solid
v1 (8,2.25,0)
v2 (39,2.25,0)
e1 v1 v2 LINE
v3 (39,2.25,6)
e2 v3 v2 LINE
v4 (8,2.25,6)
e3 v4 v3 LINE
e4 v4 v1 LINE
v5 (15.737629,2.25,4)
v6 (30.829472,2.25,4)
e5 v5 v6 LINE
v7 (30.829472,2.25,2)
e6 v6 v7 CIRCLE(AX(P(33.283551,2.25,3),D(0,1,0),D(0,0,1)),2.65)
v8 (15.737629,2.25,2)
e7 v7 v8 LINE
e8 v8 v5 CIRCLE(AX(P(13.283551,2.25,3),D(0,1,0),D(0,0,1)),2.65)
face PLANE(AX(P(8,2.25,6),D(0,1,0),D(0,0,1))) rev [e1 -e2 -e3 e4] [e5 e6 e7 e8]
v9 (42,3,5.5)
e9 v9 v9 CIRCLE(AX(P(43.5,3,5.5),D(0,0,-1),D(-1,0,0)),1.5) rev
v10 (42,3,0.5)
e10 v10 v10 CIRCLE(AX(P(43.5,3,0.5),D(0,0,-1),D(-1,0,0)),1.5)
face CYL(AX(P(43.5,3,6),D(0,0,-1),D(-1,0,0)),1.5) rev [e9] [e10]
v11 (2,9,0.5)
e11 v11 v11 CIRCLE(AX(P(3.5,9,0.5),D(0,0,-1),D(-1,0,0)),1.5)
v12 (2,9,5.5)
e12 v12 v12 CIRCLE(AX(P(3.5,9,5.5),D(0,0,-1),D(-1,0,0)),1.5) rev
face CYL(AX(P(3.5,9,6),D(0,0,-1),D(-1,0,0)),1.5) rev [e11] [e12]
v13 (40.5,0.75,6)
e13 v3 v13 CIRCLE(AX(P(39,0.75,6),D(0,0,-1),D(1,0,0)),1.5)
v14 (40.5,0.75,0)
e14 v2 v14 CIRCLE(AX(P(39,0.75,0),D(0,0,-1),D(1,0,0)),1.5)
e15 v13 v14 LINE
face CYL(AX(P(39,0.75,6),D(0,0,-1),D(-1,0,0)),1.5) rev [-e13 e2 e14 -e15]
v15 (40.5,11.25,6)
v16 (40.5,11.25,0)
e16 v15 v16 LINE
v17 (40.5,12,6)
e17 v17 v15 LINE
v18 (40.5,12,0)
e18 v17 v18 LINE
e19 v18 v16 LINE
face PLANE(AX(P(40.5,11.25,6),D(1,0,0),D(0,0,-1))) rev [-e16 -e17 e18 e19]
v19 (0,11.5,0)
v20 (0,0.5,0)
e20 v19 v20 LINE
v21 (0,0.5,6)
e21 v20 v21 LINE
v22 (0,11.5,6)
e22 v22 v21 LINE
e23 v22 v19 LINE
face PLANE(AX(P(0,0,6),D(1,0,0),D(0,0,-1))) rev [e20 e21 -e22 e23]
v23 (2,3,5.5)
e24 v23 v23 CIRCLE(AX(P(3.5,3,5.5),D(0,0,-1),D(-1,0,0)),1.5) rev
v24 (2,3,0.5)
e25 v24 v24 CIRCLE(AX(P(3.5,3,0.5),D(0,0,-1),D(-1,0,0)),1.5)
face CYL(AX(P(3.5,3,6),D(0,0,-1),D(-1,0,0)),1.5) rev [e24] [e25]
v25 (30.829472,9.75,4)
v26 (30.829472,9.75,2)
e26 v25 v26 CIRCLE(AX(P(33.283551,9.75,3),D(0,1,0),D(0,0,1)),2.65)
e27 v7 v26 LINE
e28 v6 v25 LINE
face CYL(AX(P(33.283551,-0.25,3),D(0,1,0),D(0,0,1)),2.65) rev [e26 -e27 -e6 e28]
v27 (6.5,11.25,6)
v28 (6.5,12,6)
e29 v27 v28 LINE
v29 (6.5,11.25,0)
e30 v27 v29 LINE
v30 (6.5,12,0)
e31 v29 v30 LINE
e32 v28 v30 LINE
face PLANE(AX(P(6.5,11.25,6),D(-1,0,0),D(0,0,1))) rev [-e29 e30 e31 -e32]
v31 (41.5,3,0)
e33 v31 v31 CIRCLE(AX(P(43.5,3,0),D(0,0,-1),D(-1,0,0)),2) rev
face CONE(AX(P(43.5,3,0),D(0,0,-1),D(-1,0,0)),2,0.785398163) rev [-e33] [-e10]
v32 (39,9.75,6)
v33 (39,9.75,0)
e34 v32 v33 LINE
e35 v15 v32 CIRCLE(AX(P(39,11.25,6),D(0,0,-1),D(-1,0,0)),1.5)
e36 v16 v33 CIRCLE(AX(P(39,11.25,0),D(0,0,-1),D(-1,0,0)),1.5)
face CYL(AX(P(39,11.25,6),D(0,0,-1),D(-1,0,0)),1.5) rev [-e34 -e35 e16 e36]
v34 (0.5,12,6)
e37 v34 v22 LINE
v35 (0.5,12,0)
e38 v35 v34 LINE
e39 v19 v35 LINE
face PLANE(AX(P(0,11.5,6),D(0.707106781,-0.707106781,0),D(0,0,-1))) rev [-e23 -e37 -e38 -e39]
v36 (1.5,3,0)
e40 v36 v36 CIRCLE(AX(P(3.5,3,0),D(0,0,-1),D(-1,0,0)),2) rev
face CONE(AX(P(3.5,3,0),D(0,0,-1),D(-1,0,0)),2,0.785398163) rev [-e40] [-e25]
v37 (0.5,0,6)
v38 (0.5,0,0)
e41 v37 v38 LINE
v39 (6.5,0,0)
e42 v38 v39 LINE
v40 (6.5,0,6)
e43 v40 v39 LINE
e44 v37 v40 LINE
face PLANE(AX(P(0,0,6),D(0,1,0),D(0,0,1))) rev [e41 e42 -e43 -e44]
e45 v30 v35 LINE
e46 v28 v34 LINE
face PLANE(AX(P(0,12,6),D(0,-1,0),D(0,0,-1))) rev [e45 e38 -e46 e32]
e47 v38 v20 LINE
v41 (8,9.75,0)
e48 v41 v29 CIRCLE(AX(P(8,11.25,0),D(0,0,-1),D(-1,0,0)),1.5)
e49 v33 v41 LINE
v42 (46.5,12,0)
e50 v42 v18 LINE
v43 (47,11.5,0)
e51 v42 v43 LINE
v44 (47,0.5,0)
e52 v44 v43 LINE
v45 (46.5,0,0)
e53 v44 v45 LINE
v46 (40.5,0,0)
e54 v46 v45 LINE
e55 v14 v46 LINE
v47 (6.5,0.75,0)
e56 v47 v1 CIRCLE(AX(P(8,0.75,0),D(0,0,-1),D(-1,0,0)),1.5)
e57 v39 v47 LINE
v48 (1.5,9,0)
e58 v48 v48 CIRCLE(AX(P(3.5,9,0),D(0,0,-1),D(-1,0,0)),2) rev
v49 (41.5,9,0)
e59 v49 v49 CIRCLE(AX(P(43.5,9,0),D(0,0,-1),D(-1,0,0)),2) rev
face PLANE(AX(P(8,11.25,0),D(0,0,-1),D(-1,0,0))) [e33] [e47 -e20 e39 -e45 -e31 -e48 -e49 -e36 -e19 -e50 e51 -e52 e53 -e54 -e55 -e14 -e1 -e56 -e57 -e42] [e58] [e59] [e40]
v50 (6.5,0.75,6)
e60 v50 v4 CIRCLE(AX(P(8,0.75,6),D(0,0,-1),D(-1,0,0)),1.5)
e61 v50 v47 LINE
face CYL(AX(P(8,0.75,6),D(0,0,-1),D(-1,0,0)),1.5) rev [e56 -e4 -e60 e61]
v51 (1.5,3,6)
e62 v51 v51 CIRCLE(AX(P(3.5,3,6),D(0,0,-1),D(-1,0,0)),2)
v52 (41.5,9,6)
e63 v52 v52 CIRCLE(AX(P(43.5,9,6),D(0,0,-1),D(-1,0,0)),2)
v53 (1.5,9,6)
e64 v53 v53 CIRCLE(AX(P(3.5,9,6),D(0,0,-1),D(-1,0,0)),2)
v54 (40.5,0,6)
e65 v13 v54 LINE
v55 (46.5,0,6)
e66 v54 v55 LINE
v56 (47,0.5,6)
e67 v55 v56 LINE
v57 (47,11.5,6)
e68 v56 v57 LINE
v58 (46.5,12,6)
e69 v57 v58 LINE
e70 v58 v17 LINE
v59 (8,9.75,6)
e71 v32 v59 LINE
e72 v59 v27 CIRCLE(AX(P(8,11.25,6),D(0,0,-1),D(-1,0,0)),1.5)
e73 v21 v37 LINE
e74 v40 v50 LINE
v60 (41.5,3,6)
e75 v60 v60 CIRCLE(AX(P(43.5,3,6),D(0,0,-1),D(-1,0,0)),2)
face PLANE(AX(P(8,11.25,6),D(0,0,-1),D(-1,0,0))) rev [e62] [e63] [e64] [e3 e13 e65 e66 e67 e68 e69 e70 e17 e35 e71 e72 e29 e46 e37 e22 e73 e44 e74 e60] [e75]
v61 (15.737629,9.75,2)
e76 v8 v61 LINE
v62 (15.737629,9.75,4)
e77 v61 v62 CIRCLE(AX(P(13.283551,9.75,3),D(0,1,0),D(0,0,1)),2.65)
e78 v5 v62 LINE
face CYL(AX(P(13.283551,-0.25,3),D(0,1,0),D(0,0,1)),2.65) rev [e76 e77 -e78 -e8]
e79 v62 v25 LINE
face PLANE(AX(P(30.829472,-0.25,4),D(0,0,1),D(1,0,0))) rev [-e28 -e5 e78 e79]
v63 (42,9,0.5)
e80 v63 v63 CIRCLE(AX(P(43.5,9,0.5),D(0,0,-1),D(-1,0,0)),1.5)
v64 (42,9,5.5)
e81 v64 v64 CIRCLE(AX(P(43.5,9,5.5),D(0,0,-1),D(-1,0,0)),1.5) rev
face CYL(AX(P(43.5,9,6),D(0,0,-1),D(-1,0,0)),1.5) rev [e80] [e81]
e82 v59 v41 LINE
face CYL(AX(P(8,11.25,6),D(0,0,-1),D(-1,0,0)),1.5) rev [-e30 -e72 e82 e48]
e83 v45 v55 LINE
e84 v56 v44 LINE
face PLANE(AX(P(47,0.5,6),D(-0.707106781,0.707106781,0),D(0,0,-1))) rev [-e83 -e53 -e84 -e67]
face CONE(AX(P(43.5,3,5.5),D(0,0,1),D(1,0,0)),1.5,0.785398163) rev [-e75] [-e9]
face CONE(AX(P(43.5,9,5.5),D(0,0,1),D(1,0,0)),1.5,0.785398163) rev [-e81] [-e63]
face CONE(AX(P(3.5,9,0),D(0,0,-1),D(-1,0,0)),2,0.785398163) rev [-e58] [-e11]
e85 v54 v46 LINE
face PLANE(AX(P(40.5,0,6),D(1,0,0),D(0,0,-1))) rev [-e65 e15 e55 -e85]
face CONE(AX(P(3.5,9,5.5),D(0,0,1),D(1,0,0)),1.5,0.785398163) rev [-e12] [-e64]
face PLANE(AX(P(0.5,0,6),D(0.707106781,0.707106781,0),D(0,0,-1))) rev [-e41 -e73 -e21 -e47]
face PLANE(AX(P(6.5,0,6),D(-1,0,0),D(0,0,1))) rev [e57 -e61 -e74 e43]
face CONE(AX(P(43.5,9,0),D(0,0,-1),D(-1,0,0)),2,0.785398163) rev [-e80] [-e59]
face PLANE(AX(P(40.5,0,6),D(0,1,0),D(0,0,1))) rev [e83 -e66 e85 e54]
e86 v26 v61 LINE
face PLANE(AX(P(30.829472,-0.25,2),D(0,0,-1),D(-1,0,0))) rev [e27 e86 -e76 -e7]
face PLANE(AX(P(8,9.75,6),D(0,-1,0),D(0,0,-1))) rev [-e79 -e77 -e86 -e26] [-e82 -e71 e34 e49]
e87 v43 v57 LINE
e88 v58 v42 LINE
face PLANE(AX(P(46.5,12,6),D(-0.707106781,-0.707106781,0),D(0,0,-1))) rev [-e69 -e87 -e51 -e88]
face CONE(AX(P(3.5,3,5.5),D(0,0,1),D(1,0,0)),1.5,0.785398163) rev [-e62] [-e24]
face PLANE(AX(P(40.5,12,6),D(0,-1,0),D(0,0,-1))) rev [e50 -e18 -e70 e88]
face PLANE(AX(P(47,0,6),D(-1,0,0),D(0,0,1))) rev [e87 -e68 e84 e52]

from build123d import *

# Parameters (mm, degrees)
SKETCH_1_R          = 1.5
EXTRUDE_1_DEPTH     = 6
CHAMFER_1_SIZE      = 0.5
CUT_EXTRUDE_1_DEPTH = 10
CHAMFER_2_SIZE      = 0.5


with BuildPart() as part:
    # 草图1 → 凸台-拉伸1 (new body)
    with BuildSketch(Plane.XY):
        with BuildLine():
            Line((40.5, 11.25), (40.5, 12))
            Line((40.5, 12), (47, 12))
            Line((47, 12), (47, 0))
            Line((47, 0), (40.5, 0))
            Line((40.5, 0), (40.5, 0.75))
            ThreePointArc((40.5, 0.75), (40.060660172, 1.810660172), (39, 2.25))
            Line((39, 2.25), (8, 2.25))
            ThreePointArc((8, 2.25), (6.939339828, 1.810660172), (6.5, 0.75))
            Line((6.5, 0.75), (6.5, 0))
            Line((6.5, 0), (0, 0))
            Line((0, 0), (0, 12))
            Line((0, 12), (6.5, 12))
            Line((6.5, 12), (6.5, 11.25))
            ThreePointArc((6.5, 11.25), (6.939339828, 10.189339828), (8, 9.75))
            Line((8, 9.75), (39, 9.75))
            ThreePointArc((39, 9.75), (40.060660172, 10.189339828), (40.5, 11.25))
        make_face()
        with Locations((3.5, 3)):
            Circle(SKETCH_1_R, mode=Mode.SUBTRACT)
        with Locations((3.5, 9)):
            Circle(SKETCH_1_R, mode=Mode.SUBTRACT)
        with Locations((43.5, 3)):
            Circle(SKETCH_1_R, mode=Mode.SUBTRACT)
        with Locations((43.5, 9)):
            Circle(SKETCH_1_R, mode=Mode.SUBTRACT)
    extrude(amount=EXTRUDE_1_DEPTH)

    # 倒角1
    chamfer_1_edges = [part.edges().sort_by_distance(p)[0] for p in [
        (0, 12, 3),
        (47, 12, 3),
        (47, 0, 3),
        (0, 0, 3),
    ]]
    chamfer(chamfer_1_edges, length=CHAMFER_1_SIZE)

    # 草图2 → 切除-拉伸1 (cut)
    with BuildSketch(Plane(origin=(0, 9.75, 0), x_dir=(1, 0, 0), z_dir=(0, 1, 0))):
        with BuildLine():
            Line((30.829472469, -2), (15.737628945, -2))
            ThreePointArc((15.737628945, -2), (10.633550707, -3), (15.737628945, -4))
            Line((15.737628945, -4), (30.829472469, -4))
            ThreePointArc((30.829472469, -4), (35.933550707, -3), (30.829472469, -2))
        make_face()
    extrude(amount=-CUT_EXTRUDE_1_DEPTH, mode=Mode.SUBTRACT)

    # 倒角2
    chamfer_2_edges = [part.edges().sort_by_distance(p)[0] for p in [
        (2, 3, 0),
        (2, 3, 6),
        (2, 9, 0),
        (2, 9, 6),
        (42, 3, 0),
        (42, 3, 6),
        (42, 9, 0),
        (42, 9, 6),
    ]]
    chamfer(chamfer_2_edges, length=CHAMFER_2_SIZE)


solid = part.part
